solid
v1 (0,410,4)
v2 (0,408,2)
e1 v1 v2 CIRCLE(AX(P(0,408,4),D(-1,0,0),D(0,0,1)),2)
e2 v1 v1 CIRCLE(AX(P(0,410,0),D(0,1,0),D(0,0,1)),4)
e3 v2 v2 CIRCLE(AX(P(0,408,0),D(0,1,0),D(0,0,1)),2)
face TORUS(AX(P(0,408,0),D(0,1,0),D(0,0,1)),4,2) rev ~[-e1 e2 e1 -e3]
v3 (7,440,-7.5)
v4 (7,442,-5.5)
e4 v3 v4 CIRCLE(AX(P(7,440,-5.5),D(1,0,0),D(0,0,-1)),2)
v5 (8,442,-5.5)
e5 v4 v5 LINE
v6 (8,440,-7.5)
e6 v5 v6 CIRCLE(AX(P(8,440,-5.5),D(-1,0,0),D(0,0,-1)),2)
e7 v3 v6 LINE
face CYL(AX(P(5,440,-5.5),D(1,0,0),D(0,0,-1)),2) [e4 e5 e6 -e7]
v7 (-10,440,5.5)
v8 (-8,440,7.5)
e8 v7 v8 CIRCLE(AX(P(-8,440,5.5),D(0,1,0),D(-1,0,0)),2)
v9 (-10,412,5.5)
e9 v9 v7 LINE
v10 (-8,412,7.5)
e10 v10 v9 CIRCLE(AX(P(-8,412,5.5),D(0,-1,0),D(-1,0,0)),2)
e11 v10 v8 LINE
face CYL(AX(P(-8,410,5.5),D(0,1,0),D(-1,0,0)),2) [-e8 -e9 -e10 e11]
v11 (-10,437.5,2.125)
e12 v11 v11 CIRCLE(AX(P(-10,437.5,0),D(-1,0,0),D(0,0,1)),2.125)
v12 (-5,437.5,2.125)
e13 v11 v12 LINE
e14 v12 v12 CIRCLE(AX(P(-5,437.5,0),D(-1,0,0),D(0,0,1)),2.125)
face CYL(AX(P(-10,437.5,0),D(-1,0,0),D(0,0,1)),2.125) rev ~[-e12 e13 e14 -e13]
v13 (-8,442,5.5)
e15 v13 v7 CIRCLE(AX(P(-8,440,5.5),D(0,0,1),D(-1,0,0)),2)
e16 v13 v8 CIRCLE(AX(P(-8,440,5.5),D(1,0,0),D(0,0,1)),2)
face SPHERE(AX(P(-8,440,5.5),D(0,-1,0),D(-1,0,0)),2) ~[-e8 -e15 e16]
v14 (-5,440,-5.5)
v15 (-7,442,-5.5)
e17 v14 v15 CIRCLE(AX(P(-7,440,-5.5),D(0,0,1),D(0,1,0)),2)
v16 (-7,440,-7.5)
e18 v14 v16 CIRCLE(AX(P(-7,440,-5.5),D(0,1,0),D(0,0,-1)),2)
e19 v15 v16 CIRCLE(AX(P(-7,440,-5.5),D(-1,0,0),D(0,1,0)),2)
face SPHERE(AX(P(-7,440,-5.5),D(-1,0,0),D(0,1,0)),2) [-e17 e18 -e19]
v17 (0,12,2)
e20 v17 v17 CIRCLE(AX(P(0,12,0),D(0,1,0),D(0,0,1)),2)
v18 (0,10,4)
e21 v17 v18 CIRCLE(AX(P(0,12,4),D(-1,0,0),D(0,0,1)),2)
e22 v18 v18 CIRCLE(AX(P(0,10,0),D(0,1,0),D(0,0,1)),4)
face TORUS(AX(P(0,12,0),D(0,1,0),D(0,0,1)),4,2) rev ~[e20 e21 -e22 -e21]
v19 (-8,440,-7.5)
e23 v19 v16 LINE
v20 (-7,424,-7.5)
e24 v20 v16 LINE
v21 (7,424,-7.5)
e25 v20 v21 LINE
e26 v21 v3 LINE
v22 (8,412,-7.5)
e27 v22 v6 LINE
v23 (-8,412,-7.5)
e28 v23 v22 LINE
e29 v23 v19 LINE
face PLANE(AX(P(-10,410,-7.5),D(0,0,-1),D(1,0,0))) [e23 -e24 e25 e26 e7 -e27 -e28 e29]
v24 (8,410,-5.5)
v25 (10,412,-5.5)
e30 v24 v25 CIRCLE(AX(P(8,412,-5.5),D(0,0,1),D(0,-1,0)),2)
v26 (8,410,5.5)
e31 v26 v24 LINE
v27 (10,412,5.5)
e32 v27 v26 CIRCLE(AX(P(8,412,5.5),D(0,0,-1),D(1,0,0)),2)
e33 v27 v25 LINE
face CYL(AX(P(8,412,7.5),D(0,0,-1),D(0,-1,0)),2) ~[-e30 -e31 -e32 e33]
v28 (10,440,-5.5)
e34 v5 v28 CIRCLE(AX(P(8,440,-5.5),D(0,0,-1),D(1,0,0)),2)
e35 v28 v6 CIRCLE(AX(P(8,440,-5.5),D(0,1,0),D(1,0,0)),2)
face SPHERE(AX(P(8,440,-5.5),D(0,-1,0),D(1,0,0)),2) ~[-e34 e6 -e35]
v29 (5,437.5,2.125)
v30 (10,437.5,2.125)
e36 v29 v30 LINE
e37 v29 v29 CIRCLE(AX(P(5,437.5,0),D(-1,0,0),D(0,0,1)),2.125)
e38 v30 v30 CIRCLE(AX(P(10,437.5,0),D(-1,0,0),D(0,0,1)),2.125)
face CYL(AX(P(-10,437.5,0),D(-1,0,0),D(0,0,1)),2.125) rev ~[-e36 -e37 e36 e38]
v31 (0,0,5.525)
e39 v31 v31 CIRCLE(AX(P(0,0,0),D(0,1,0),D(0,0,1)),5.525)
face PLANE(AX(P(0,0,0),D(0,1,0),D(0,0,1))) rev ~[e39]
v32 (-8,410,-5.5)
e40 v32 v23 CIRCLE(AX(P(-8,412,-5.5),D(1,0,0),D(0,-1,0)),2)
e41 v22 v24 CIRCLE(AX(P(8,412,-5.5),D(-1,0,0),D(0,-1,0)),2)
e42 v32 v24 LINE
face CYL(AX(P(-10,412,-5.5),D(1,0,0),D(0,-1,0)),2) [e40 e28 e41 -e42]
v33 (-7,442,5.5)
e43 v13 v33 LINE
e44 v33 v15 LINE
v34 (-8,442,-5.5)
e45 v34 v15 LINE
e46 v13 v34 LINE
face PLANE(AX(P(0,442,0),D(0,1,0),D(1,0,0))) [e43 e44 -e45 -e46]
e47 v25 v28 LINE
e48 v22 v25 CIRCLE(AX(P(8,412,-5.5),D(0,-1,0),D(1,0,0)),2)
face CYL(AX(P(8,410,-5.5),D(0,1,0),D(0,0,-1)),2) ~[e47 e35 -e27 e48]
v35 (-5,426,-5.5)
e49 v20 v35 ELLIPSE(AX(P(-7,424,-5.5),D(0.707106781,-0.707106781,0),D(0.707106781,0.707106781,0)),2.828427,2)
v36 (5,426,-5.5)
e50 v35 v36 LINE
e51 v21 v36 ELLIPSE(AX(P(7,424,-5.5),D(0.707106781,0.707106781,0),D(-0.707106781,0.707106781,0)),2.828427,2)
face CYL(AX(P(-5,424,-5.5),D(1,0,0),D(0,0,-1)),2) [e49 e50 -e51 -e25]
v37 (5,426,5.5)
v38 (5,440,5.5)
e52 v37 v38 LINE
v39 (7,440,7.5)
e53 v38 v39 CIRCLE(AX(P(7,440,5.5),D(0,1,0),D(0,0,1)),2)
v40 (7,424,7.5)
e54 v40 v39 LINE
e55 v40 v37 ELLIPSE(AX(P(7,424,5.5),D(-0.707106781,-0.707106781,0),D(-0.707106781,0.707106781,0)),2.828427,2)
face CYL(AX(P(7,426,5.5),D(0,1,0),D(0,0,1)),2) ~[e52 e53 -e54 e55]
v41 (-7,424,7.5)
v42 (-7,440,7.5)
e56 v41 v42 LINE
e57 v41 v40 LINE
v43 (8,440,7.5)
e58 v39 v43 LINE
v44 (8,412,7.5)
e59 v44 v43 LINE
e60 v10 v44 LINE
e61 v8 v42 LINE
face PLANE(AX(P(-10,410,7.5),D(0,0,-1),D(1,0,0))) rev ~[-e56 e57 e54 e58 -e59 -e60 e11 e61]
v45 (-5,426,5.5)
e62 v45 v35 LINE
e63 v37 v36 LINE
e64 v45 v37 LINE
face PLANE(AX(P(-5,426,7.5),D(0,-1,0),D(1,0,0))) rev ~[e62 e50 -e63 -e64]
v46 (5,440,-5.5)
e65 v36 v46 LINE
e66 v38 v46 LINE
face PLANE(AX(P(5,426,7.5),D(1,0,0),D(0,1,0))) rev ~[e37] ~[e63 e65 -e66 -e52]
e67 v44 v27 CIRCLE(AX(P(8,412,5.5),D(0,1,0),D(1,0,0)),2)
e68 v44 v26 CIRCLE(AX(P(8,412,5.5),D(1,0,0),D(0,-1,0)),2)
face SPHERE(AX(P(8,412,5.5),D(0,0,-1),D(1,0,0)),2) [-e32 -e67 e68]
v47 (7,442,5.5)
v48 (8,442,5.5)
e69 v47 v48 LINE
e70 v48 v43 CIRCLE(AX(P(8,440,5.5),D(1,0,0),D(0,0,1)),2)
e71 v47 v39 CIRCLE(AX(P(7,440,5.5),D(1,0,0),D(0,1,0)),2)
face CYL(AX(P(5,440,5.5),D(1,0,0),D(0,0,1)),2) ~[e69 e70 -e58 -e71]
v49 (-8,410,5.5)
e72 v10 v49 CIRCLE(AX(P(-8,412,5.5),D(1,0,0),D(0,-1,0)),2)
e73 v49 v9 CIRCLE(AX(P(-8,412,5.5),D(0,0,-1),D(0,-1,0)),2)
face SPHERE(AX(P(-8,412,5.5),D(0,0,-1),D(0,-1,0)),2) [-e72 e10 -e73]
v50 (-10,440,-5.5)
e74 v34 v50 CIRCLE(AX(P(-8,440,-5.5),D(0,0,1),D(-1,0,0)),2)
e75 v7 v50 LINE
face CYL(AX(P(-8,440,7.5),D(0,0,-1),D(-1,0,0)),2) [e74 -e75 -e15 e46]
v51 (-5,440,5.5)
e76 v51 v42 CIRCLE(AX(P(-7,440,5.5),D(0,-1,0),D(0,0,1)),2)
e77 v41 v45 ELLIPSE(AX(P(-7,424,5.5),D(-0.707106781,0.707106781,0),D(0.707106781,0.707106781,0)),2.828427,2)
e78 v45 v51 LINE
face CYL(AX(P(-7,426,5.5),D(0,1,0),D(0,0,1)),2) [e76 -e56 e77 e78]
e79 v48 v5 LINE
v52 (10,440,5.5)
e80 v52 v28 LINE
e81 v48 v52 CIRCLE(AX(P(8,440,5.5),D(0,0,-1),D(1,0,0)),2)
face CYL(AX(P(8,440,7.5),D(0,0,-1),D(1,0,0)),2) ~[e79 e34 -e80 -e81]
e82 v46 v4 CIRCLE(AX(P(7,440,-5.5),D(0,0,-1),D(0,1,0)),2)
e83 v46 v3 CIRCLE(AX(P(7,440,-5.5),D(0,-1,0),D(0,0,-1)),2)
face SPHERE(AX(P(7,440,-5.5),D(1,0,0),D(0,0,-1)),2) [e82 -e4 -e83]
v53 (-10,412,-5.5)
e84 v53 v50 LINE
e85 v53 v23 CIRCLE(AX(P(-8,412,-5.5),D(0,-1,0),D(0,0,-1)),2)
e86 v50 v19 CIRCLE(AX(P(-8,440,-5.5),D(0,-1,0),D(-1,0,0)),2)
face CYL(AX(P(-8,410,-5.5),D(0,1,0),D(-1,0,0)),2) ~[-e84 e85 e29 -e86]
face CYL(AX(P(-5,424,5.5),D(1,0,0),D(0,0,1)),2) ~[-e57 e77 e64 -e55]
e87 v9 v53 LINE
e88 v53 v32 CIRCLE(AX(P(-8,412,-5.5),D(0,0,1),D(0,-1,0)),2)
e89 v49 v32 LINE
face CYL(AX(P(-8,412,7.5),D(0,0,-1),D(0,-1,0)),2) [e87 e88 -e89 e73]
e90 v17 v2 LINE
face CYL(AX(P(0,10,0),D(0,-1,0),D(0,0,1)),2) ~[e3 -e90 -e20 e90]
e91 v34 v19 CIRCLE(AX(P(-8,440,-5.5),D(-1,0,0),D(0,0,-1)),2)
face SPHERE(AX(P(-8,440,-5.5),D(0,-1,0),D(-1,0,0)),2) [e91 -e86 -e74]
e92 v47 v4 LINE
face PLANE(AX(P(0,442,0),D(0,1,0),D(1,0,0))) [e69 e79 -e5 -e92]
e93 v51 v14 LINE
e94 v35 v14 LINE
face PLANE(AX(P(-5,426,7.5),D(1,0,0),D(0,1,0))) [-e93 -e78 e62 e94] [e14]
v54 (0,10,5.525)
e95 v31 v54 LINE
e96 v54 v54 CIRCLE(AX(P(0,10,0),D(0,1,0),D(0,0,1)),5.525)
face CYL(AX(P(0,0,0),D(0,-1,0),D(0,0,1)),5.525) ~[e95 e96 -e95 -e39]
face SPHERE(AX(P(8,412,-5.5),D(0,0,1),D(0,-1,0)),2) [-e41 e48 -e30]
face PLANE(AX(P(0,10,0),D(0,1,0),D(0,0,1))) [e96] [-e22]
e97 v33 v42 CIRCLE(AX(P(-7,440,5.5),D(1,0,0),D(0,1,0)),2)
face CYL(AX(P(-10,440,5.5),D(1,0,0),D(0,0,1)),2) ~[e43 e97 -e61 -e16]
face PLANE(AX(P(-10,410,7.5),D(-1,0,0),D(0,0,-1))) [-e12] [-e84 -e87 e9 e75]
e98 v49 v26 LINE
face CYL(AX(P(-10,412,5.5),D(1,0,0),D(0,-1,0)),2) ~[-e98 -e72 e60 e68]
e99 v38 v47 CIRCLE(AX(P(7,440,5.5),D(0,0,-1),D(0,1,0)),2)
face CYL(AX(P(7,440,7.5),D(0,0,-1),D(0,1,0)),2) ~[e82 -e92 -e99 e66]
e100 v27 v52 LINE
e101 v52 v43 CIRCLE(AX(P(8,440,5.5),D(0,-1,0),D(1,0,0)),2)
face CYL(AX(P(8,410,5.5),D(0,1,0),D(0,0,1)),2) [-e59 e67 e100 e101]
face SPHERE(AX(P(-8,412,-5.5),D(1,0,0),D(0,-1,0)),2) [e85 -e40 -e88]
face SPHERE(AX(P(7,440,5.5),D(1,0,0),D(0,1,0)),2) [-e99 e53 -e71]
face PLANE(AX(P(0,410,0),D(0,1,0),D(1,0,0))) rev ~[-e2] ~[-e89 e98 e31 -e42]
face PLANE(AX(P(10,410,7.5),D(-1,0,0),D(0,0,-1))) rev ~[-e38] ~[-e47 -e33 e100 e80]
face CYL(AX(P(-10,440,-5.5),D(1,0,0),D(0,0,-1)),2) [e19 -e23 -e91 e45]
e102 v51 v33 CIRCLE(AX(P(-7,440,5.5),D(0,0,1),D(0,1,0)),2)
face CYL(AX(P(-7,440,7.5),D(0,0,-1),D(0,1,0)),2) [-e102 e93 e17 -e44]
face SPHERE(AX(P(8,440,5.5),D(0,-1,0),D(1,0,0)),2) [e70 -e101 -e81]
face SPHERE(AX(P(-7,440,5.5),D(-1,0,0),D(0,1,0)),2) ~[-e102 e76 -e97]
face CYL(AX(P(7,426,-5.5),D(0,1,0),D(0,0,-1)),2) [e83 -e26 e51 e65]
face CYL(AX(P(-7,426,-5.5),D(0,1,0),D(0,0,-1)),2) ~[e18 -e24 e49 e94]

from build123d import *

# Parameters (mm, degrees)
SKETCH1_R                     = 5.525
CORK_STOPPER_VACUMMPUMP_DEPTH = 10
SKETCH3_R                     = 2
LONGTHINSHAFT_DEPTH           = 400
SKETCH4_W                     = 20
SKETCH4_H                     = 15
BOSS_EXTRUDE3_DEPTH           = 32
CUT_EXTRUDE2_REACH            = 444.367
SKETCH5_W                     = 10
SKETCH5_H                     = 16
SKETCH7_R                     = 2.125
CUT_EXTRUDE3_DEPTH            = 20
FILLET1_R                     = 2
FILLET2_R                     = 2
FILLET3_R                     = 2


with BuildPart() as part:
    # Sketch1 → Cork/Stopper/VacummPump (new body)
    with BuildSketch(Plane(origin=(0, 0, 0), x_dir=(1, 0, 0), z_dir=(0, 1, 0))):
        with Locations(Location((0, 0, 0), (0, 0, 270))):
            Circle(SKETCH1_R)
    extrude(amount=CORK_STOPPER_VACUMMPUMP_DEPTH)

    # Sketch3 → LongThinShaft (add)
    with BuildSketch(Plane(origin=(0, 10, 0), x_dir=(1, 0, 0), z_dir=(0, 1, 0))):
        with Locations(Location((0, 0, 0), (0, 0, 270))):
            Circle(SKETCH3_R)
    extrude(amount=LONGTHINSHAFT_DEPTH)

    # Sketch4 → Boss-Extrude3 (add)
    with BuildSketch(Plane(origin=(0, 410, 0), x_dir=(1, 0, 0), z_dir=(0, 1, 0))):
        Rectangle(SKETCH4_W, SKETCH4_H)
    extrude(amount=BOSS_EXTRUDE3_DEPTH)

    # Sketch5 → Cut-Extrude2 (cut, up to next)
    with BuildSketch(Plane.XY.offset(7.5), mode=Mode.PRIVATE) as cut_extrude2_sk1:
        with Locations((0, 434)):
            Rectangle(SKETCH5_W, SKETCH5_H)
    cut_extrude2_tool1 = extrude(cut_extrude2_sk1.sketch, amount=-CUT_EXTRUDE2_REACH, mode=Mode.PRIVATE) & part.part
    add(cut_extrude2_tool1.solids().sort_by_distance((0, 434, 7.5))[0], mode=Mode.SUBTRACT)

    # Sketch7 → Cut-Extrude3 (cut)
    with BuildSketch(Plane.ZY.offset(10)):
        with Locations((0, 437.5)):
            Circle(SKETCH7_R)
    extrude(amount=-CUT_EXTRUDE3_DEPTH, mode=Mode.SUBTRACT)

    # Fillet1
    fillet1_edges = [part.edges().sort_by_distance(p)[0] for p in [
        (0, 410, -2),
    ]]
    fillet(fillet1_edges, radius=FILLET1_R)

    # Fillet2
    fillet2_edges = [part.edges().sort_by_distance(p)[0] for p in [
        (10, 410, 0),
        (10, 426, 7.5),
        (0, 410, -7.5),
        (10, 426, -7.5),
        (-10, 410, 0),
        (-10, 426, -7.5),
        (0, 410, 7.5),
        (-10, 426, 7.5),
        (10, 442, 0),
        (7.5, 442, -7.5),
        (-10, 442, 0),
        (-7.5, 442, 7.5),
        (-7.5, 442, -7.5),
        (7.5, 442, 7.5),
        (-5, 442, 0),
        (5, 434, -7.5),
        (5, 442, 0),
        (5, 434, 7.5),
        (-5, 434, 7.5),
        (0, 426, 7.5),
        (0, 426, -7.5),
        (-5, 434, -7.5),
    ]]
    fillet(fillet2_edges, radius=FILLET2_R)

    # Fillet3
    fillet3_edges = [part.edges().sort_by_distance(p)[0] for p in [
        (0, 10, -2),
    ]]
    fillet(fillet3_edges, radius=FILLET3_R)


solid = part.part
